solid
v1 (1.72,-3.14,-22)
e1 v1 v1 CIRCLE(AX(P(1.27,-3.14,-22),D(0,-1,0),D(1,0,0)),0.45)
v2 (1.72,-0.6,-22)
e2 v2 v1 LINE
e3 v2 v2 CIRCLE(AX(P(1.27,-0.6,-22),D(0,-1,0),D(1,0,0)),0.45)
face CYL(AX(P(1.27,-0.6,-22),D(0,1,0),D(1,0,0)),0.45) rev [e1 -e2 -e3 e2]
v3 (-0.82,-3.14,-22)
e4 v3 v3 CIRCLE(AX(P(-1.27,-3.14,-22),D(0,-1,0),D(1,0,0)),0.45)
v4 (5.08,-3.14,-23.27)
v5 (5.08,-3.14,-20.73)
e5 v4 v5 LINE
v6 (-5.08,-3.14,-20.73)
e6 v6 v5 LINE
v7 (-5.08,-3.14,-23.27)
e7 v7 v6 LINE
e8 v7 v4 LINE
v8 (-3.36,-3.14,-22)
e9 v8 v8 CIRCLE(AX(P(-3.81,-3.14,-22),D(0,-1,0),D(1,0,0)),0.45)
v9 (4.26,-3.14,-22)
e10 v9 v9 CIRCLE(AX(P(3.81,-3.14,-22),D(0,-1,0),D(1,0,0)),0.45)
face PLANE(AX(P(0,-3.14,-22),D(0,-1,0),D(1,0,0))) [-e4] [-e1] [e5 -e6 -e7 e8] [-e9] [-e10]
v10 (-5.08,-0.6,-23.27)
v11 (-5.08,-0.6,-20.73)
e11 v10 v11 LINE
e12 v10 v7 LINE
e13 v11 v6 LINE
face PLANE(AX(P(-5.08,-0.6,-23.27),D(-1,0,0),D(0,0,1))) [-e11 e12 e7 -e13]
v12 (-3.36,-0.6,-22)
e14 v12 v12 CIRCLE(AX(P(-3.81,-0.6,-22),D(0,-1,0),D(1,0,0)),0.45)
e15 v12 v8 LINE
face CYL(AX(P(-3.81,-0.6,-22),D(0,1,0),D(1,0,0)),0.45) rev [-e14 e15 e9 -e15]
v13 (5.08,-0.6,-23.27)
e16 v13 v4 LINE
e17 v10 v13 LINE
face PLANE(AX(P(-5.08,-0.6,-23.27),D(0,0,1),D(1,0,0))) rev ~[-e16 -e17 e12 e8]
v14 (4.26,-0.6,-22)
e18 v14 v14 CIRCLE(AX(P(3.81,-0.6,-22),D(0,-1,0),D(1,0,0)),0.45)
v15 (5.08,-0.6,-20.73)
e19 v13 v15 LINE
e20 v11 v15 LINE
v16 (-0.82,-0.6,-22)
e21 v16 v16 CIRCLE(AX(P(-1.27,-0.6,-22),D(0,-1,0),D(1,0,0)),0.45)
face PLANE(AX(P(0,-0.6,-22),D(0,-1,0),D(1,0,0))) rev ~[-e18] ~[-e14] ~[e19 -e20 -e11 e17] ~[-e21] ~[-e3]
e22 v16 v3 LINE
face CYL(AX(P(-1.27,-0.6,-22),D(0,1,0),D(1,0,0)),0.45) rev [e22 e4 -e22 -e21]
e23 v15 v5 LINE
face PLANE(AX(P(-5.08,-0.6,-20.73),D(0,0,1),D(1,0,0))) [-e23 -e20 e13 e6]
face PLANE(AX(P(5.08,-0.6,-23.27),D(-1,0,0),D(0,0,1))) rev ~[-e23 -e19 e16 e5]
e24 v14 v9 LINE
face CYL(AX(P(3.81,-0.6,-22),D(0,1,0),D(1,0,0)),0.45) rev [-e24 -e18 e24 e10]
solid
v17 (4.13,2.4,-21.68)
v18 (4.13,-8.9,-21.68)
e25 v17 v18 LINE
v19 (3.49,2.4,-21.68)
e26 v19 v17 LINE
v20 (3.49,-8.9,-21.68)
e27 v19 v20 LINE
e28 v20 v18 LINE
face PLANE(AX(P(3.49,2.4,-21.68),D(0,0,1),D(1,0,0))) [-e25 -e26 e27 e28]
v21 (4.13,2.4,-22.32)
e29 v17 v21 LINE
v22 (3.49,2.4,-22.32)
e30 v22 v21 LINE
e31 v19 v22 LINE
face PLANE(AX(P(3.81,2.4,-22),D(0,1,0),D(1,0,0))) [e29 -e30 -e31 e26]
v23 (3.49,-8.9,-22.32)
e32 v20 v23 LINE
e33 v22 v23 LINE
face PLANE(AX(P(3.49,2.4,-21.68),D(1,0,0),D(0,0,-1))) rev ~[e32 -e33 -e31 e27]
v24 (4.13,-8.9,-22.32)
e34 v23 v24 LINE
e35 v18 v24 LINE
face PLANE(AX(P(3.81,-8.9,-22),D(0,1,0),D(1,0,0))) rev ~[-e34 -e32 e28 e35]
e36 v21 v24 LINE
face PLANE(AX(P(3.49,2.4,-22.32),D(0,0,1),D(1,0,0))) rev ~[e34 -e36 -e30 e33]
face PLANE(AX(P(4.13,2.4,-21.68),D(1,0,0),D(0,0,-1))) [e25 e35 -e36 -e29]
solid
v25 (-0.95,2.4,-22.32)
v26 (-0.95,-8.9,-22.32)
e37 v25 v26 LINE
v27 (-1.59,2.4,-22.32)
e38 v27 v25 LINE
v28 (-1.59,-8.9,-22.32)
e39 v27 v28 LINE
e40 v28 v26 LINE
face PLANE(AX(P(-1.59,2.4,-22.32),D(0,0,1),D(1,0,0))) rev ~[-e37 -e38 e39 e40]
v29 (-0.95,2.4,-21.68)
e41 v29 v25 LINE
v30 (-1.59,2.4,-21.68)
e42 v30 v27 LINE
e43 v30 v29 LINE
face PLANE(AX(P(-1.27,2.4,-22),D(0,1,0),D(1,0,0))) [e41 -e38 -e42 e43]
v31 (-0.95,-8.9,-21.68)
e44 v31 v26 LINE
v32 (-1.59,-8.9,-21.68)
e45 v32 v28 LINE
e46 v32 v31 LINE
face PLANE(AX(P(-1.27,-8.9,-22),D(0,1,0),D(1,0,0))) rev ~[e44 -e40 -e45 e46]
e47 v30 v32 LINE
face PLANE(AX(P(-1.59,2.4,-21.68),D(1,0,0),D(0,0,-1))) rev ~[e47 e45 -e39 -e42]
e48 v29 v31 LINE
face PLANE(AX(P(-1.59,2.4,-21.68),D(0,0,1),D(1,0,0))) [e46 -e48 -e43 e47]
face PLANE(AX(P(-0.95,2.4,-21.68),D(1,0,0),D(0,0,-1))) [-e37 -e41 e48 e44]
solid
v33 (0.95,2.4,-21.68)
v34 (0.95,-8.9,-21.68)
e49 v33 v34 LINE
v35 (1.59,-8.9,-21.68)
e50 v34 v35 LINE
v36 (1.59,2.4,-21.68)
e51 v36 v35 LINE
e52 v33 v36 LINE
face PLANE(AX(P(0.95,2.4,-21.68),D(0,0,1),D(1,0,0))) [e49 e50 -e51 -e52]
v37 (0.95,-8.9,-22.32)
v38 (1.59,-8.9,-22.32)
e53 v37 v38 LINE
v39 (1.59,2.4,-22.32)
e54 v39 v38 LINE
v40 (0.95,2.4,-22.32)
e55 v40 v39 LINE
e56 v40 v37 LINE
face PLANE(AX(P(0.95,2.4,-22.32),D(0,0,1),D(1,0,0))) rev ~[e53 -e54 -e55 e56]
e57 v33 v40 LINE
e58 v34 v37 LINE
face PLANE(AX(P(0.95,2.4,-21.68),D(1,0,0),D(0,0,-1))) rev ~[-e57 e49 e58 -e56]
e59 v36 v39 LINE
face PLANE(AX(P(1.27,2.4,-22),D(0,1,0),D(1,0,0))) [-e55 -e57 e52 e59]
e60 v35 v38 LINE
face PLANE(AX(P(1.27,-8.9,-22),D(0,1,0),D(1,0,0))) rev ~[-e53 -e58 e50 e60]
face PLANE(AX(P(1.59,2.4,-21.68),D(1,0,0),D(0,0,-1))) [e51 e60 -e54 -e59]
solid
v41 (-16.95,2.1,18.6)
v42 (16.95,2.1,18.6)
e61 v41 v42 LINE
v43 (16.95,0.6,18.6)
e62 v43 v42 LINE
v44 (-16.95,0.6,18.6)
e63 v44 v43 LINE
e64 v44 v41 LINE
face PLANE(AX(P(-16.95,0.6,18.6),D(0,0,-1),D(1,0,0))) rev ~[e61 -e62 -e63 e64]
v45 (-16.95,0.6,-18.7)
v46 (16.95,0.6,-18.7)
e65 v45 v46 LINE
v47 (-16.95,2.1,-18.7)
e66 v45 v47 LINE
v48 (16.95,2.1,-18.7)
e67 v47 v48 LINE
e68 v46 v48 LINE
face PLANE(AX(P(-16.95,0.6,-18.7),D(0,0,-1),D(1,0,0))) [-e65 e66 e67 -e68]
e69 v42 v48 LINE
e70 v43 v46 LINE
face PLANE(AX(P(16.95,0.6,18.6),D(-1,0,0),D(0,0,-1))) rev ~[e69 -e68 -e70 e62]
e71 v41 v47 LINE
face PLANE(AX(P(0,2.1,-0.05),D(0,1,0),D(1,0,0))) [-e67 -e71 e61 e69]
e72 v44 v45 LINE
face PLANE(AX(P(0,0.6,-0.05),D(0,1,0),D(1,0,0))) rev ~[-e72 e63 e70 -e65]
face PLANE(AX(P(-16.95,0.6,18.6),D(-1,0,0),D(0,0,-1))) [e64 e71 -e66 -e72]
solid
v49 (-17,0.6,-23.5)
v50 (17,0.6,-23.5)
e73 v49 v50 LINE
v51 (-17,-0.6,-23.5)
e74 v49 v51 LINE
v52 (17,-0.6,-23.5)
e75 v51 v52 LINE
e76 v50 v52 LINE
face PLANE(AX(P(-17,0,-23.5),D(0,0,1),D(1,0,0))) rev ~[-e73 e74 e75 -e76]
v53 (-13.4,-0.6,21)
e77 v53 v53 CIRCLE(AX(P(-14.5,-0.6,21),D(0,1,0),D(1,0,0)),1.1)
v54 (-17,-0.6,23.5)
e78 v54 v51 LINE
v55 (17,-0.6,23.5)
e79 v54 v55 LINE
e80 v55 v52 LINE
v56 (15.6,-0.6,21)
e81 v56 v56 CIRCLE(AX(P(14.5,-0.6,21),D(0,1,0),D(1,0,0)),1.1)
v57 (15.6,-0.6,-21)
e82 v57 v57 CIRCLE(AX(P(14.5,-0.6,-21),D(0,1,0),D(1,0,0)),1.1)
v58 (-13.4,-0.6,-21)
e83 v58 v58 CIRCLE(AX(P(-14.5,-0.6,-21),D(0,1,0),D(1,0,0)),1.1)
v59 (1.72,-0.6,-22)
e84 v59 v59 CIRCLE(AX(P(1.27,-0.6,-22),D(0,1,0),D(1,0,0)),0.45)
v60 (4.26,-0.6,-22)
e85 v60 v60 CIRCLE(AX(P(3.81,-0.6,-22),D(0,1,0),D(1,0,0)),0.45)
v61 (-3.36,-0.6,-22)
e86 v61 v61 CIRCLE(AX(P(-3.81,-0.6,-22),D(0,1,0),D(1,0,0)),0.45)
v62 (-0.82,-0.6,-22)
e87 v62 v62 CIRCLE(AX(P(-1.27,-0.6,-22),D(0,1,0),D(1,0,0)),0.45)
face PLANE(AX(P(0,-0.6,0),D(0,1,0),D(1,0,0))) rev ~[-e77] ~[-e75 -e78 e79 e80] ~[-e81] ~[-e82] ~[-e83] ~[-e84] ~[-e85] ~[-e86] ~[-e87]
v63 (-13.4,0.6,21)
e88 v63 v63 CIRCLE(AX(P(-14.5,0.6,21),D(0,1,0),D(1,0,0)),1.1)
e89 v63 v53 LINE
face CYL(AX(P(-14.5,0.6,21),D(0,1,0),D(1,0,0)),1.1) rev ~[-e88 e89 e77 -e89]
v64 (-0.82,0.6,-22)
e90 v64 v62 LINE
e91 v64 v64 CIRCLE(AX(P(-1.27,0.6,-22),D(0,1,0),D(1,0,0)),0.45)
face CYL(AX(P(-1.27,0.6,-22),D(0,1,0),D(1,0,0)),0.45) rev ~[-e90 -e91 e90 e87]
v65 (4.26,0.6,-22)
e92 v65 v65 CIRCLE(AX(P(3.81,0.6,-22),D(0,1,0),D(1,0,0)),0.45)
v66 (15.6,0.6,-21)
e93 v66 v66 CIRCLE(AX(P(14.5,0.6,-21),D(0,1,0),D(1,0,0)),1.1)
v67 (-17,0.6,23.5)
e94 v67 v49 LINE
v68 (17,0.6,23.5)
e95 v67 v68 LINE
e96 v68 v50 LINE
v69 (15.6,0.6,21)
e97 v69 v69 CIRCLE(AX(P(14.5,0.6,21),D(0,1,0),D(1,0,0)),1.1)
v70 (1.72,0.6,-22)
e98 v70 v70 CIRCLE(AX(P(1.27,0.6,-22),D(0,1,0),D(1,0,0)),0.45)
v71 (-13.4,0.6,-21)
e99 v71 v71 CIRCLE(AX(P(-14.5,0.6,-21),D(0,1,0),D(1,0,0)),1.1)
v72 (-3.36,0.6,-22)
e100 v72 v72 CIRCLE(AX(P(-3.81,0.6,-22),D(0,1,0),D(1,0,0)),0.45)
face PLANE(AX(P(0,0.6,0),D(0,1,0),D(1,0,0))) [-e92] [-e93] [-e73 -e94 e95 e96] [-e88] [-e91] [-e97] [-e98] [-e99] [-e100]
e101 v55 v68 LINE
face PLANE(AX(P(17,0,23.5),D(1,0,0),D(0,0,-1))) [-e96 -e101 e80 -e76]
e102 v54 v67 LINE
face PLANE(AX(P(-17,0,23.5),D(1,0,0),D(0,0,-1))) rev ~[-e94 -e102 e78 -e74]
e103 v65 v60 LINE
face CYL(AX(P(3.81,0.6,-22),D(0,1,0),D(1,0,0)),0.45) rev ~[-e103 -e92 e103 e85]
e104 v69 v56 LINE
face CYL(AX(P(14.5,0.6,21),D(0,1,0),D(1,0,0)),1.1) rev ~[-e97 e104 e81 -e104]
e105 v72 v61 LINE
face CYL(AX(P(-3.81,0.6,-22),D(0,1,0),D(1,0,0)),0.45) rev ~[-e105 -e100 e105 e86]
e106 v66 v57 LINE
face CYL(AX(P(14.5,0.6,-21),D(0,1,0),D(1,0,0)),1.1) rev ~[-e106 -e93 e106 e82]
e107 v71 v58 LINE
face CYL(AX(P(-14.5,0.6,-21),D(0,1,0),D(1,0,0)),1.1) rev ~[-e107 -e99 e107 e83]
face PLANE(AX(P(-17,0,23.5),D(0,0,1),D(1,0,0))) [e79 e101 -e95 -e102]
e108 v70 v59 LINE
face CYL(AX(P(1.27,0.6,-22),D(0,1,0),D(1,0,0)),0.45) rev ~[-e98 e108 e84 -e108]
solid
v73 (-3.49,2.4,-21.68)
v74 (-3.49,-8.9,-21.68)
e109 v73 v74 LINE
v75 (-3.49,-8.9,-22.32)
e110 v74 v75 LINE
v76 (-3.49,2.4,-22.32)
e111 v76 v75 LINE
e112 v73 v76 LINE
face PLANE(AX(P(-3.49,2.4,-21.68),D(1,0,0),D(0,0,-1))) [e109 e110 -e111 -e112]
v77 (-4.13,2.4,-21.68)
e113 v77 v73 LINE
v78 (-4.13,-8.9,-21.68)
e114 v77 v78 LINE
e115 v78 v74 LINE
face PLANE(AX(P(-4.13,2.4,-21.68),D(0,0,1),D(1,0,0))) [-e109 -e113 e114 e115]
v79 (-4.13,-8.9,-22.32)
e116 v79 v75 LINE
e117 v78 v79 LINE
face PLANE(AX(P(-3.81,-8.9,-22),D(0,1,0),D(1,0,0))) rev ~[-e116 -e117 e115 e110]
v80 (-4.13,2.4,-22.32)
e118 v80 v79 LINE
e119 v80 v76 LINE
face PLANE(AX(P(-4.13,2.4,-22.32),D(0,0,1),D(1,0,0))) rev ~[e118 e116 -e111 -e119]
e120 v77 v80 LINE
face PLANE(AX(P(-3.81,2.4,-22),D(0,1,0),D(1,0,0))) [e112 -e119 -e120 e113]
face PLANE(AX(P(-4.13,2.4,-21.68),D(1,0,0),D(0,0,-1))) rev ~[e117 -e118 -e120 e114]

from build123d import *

# Parameters (mm, degrees)
SKETCH1_W             = 34
SKETCH1_H             = 47
BOSS_EXTRUDE1_DEPTH   = 0.6
SKETCH2_R             = 1.1
CUT_EXTRUDE1_DEPTH    = 2.2
SKETCH3_R             = 0.45
CUT_EXTRUDE2_DEPTH    = 2.2
SKETCH4_W             = 10.16
SKETCH4_H             = 2.54
SKETCH4_R             = 0.45
BOSS_EXTRUDE2_DEPTH   = 2.54
BOSS_EXTRUDE3_START   = 1.8
SKETCH5_W             = 0.64
SKETCH5_H             = 0.64
BOSS_EXTRUDE3_DEPTH   = 11.3
BOSS_EXTRUDE3_2_DEPTH = 11.3
BOSS_EXTRUDE3_3_DEPTH = 11.3
BOSS_EXTRUDE3_4_DEPTH = 11.3
SKETCH6_W             = 33.9
SKETCH6_H             = 37.3
BOSS_EXTRUDE4_DEPTH   = 1.5


with BuildPart() as part:
    # Sketch1 → Boss-Extrude1 (new body, symmetric)
    with BuildSketch(Plane(origin=(0, 0, 0), x_dir=(1, 0, 0), z_dir=(0, 1, 0))):
        Rectangle(SKETCH1_W, SKETCH1_H)
    extrude(amount=BOSS_EXTRUDE1_DEPTH, both=True)

    # Sketch2 → Cut-Extrude1 (cut, through all)
    with BuildSketch(Plane(origin=(0, 0.6, 0), x_dir=(1, 0, 0), z_dir=(0, 1, 0))):
        with Locations((-14.5, 21)):
            Circle(SKETCH2_R)
        with Locations((14.5, 21)):
            Circle(SKETCH2_R)
        with Locations((14.5, -21)):
            Circle(SKETCH2_R)
        with Locations((-14.5, -21)):
            Circle(SKETCH2_R)
    extrude(amount=-CUT_EXTRUDE1_DEPTH, mode=Mode.SUBTRACT)

    # Sketch3 → Cut-Extrude2 (cut, through all)
    with BuildSketch(Plane(origin=(0, 0.6, 0), x_dir=(1, 0, 0), z_dir=(0, 1, 0))):
        with Locations((-3.81, 22)):
            Circle(SKETCH3_R)
        with Locations((-1.27, 22)):
            Circle(SKETCH3_R)
        with Locations((1.27, 22)):
            Circle(SKETCH3_R)
        with Locations((3.81, 22)):
            Circle(SKETCH3_R)
    extrude(amount=-CUT_EXTRUDE2_DEPTH, mode=Mode.SUBTRACT)


with BuildPart() as body_2:
    # Sketch4 → Boss-Extrude2 (new body)
    with BuildSketch(Plane.XZ.offset(0.6)):
        with Locations((0, -22)):
            Rectangle(SKETCH4_W, SKETCH4_H)
        with Locations((3.81, -22)):
            Circle(SKETCH4_R, mode=Mode.SUBTRACT)
        with Locations((1.27, -22)):
            Circle(SKETCH4_R, mode=Mode.SUBTRACT)
        with Locations((-1.27, -22)):
            Circle(SKETCH4_R, mode=Mode.SUBTRACT)
        with Locations((-3.81, -22)):
            Circle(SKETCH4_R, mode=Mode.SUBTRACT)
    extrude(amount=BOSS_EXTRUDE2_DEPTH)


with BuildPart() as body_3:
    # Sketch5 → Boss-Extrude3 (new body)
    with BuildSketch(Plane(origin=(0, 0.6, 0), x_dir=(1, 0, 0), z_dir=(0, 1, 0)).offset(BOSS_EXTRUDE3_START)):
        with Locations((-1.27, 22)):
            Rectangle(SKETCH5_W, SKETCH5_H)
    extrude(amount=-BOSS_EXTRUDE3_DEPTH)


with BuildPart() as body_4:
    # Sketch5 → Boss-Extrude3 2 (new body)
    with BuildSketch(Plane(origin=(0, 0.6, 0), x_dir=(1, 0, 0), z_dir=(0, 1, 0)).offset(BOSS_EXTRUDE3_START)):
        with Locations((-3.81, 22)):
            Rectangle(SKETCH5_W, SKETCH5_H)
    extrude(amount=-BOSS_EXTRUDE3_2_DEPTH)


with BuildPart() as body_5:
    # Sketch5 → Boss-Extrude3 3 (new body)
    with BuildSketch(Plane(origin=(0, 0.6, 0), x_dir=(1, 0, 0), z_dir=(0, 1, 0)).offset(BOSS_EXTRUDE3_START)):
        with Locations((1.27, 22)):
            Rectangle(SKETCH5_W, SKETCH5_H)
    extrude(amount=-BOSS_EXTRUDE3_3_DEPTH)


with BuildPart() as body_6:
    # Sketch5 → Boss-Extrude3 4 (new body)
    with BuildSketch(Plane(origin=(0, 0.6, 0), x_dir=(1, 0, 0), z_dir=(0, 1, 0)).offset(BOSS_EXTRUDE3_START)):
        with Locations((3.81, 22)):
            Rectangle(SKETCH5_W, SKETCH5_H)
    extrude(amount=-BOSS_EXTRUDE3_4_DEPTH)


with BuildPart() as body_7:
    # Sketch6 → Boss-Extrude4 (new body)
    with BuildSketch(Plane(origin=(0, 0.6, 0), x_dir=(1, 0, 0), z_dir=(0, 1, 0))):
        with Locations((0, 0.05)):
            Rectangle(SKETCH6_W, SKETCH6_H)
    extrude(amount=BOSS_EXTRUDE4_DEPTH)


solid = Compound([part.part, body_2.part, body_3.part, body_4.part, body_5.part, body_6.part, body_7.part])
